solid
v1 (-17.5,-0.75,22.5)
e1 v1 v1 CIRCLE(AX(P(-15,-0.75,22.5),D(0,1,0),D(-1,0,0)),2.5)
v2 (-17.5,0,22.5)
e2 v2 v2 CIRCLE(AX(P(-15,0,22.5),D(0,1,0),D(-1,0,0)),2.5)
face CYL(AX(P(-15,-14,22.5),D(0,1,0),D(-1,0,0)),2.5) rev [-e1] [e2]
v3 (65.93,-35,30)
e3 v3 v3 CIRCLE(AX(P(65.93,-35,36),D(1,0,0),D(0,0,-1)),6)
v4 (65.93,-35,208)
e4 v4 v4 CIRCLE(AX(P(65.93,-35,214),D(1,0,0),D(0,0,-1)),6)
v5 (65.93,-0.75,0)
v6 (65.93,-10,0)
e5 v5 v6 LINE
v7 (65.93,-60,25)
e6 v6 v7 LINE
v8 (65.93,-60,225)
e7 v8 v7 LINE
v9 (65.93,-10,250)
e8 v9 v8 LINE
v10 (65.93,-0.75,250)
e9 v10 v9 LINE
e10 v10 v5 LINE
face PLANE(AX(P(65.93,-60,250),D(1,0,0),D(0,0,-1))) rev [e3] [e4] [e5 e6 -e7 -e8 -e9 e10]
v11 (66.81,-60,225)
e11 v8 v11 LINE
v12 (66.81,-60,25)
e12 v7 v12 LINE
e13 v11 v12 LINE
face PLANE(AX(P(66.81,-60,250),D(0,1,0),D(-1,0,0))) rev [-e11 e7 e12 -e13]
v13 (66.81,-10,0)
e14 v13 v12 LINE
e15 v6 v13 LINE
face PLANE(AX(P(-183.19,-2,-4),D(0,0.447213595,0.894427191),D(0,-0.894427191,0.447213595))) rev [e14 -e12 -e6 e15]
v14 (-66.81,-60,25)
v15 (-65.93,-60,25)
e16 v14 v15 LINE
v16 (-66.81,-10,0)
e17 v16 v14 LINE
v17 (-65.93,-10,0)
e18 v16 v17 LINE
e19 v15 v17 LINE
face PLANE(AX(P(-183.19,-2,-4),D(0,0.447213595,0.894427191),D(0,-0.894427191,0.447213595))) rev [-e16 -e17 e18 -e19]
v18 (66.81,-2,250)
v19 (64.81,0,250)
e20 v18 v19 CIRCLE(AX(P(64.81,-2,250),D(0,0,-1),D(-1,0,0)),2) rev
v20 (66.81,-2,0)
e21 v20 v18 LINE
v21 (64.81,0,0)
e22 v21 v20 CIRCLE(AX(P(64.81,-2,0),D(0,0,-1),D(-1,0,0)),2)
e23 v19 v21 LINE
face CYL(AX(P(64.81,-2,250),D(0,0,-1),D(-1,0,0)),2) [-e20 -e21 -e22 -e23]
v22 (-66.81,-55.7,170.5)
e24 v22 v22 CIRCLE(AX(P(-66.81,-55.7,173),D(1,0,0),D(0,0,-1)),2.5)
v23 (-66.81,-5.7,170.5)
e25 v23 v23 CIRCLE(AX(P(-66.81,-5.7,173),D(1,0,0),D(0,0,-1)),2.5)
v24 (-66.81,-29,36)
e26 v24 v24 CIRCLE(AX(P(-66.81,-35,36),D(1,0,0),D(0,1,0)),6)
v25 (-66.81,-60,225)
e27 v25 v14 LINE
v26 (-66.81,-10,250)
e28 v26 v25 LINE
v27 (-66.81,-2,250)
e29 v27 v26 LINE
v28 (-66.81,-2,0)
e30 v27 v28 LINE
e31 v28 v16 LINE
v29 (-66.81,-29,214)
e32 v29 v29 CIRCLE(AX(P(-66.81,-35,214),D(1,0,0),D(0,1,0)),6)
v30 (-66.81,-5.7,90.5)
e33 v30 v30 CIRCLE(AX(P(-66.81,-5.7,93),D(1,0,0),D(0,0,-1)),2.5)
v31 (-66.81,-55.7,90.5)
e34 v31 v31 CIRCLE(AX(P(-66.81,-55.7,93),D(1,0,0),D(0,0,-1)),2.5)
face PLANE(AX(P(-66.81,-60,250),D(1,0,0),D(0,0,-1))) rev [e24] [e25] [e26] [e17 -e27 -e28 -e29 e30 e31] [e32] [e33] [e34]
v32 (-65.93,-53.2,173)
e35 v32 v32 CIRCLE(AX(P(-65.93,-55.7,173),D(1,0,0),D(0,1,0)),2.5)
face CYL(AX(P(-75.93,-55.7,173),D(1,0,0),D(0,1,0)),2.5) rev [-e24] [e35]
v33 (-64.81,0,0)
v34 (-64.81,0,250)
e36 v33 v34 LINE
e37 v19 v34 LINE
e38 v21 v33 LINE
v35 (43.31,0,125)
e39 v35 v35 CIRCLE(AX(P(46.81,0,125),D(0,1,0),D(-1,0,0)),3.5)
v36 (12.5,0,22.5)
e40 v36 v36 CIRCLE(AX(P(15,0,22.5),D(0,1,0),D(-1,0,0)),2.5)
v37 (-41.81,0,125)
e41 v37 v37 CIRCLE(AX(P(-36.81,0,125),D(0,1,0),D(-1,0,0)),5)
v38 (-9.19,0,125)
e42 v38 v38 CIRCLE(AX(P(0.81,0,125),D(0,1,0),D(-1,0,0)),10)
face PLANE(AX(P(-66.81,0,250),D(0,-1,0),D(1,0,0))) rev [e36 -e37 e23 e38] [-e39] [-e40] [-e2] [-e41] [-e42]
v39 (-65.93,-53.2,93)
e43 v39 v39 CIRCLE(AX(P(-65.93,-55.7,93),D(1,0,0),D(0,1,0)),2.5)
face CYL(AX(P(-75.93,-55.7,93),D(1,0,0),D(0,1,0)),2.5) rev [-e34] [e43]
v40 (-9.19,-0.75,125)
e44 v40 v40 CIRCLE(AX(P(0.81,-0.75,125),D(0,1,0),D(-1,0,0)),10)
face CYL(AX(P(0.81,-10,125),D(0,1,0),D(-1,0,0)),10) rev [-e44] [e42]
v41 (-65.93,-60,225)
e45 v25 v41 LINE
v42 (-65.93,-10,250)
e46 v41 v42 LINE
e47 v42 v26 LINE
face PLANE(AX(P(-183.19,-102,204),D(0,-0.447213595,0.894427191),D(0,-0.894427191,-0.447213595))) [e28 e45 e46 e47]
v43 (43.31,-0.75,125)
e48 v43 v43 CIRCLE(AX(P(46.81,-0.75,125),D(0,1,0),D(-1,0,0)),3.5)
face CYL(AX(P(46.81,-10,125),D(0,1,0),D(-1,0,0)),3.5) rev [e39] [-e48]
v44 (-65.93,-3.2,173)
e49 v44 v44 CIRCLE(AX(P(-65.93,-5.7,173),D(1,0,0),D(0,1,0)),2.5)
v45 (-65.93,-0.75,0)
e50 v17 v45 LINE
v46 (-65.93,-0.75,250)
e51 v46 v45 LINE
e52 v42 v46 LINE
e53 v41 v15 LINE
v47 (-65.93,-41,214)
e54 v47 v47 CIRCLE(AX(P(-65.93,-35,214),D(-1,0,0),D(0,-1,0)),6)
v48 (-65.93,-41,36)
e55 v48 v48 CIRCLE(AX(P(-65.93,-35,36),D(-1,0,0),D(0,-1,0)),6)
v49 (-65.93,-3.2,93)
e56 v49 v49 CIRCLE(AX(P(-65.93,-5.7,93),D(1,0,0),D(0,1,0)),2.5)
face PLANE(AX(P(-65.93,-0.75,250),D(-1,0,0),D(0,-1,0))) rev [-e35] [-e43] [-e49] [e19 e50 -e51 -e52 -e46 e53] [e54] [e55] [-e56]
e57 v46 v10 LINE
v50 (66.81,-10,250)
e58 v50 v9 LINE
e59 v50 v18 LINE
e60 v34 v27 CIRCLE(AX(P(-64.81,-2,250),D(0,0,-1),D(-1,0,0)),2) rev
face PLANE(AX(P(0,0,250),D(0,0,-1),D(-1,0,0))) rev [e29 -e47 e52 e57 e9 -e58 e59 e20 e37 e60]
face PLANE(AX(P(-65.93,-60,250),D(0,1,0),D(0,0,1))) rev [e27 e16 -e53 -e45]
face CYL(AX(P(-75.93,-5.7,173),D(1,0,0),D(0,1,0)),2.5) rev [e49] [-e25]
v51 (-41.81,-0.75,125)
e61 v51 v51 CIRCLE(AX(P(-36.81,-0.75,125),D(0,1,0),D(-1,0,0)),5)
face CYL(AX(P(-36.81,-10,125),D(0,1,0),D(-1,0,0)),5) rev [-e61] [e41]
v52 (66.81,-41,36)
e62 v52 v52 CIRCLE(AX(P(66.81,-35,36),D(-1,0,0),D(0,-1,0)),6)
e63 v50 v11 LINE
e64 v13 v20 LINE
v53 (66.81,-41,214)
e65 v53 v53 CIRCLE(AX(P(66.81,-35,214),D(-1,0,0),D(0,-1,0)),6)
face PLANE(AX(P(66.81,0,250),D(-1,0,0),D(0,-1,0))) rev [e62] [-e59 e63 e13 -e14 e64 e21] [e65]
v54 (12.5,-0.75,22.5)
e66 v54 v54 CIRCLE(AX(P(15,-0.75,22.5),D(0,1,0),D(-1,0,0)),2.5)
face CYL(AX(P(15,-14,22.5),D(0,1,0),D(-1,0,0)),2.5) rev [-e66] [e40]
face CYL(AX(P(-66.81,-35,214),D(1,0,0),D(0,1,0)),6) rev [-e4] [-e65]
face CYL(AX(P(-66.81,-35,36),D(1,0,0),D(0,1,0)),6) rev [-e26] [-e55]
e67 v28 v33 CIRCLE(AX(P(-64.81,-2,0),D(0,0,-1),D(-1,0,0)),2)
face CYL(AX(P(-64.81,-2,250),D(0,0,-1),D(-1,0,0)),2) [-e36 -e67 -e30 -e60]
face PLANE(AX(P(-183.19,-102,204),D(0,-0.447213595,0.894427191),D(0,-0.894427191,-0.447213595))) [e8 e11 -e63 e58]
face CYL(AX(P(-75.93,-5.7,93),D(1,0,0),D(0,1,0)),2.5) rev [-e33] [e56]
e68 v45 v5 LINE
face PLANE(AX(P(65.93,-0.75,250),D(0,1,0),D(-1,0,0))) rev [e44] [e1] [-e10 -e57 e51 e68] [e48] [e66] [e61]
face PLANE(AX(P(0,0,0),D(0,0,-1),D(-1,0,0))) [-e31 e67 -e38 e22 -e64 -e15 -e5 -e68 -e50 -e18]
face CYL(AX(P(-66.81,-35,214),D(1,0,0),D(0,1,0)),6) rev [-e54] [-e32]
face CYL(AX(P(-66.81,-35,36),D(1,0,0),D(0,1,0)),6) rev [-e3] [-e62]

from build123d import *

# Parameters (mm, degrees)
BOSS_EXTRUDE1_DEPTH     = 250
CUT_EXTRUDE1_DEPTH      = 250
CUT_EXTRUDE2_DEPTH      = 290.7486918
CUT_EXTRUDE2_DEPTH_BACK = 290.7486918
SKETCH3_R               = 6
FILLET1_R               = 2
SKETCH5_R               = 10
CUT_EXTRUDE3_DEPTH      = 10
SKETCH6_R               = 2.5
CUT_EXTRUDE4_DEPTH      = 10
SKETCH7_R               = 3.5
SKETCH7_R_2             = 5
CUT_EXTRUDE5_DEPTH      = 10
SKETCH9_R               = 2.5
CUT_EXTRUDE8_DEPTH      = 14


with BuildPart() as part:
    # Sketch1 → Boss-Extrude1 (new body)
    with BuildSketch(Plane.XY):
        Polygon((-66.81, -60), (-66.81, 0), (66.81, 0), (66.81, -60), (65.93, -60), (65.93, -0.75), (-65.93, -0.75), (-65.93, -60), align=None)
    extrude(amount=BOSS_EXTRUDE1_DEPTH)

    # Sketch2 → Cut-Extrude1 (cut)
    with BuildSketch(Plane(origin=(66.81, 0, 0), x_dir=(0, 0, -1), z_dir=(1, 0, 0))):
        Polygon((-225, -60), (-250, -10), (-250, -60), align=None)
        Polygon((0, -10), (-25, -60), (0, -60), align=None)
    extrude(amount=-CUT_EXTRUDE1_DEPTH, mode=Mode.SUBTRACT)

    # Sketch3 → Cut-Extrude2 (cut, two sides: drawn at the far end of the back side and taken through both)
    with BuildSketch(Plane(origin=(66.81, 0, 0), x_dir=(0, 0, -1), z_dir=(1, 0, 0)).offset(-CUT_EXTRUDE2_DEPTH_BACK)):
        with Locations(Location((-214, -35, 0), (0, 0, 90))):
            Circle(SKETCH3_R)
        with Locations(Location((-36, -35, 0), (0, 0, 90))):
            Circle(SKETCH3_R)
    extrude(amount=CUT_EXTRUDE2_DEPTH + CUT_EXTRUDE2_DEPTH_BACK, mode=Mode.SUBTRACT)

    # Fillet1
    fillet1_edges = [part.edges().sort_by_distance(p)[0] for p in [
        (-66.81, 0, 125),
        (66.81, 0, 125),
    ]]
    fillet(fillet1_edges, radius=FILLET1_R)

    # Sketch5 → Cut-Extrude3 (cut)
    with BuildSketch(Plane(origin=(0, 0, 0), x_dir=(1, 0, 0), z_dir=(0, 1, 0))):
        with Locations(Location((0.81, -125, 0), (0, 0, 180))):
            Circle(SKETCH5_R)
    extrude(amount=-CUT_EXTRUDE3_DEPTH, mode=Mode.SUBTRACT)

    # Sketch6 → Cut-Extrude4 (cut)
    with BuildSketch(Plane(origin=(-65.93, 0, 0), x_dir=(0, 0, -1), z_dir=(1, 0, 0))):
        with Locations(Location((-173, -55.7, 0), (0, 0, 90))):
            Circle(SKETCH6_R)
        with Locations(Location((-93, -55.7, 0), (0, 0, 90))):
            Circle(SKETCH6_R)
        with Locations(Location((-93, -5.7, 0), (0, 0, 90))):
            Circle(SKETCH6_R)
        with Locations(Location((-173, -5.7, 0), (0, 0, 90))):
            Circle(SKETCH6_R)
    extrude(amount=-CUT_EXTRUDE4_DEPTH, mode=Mode.SUBTRACT)

    # Sketch7 → Cut-Extrude5 (cut)
    with BuildSketch(Plane(origin=(0, 0, 0), x_dir=(1, 0, 0), z_dir=(0, 1, 0))):
        with Locations(Location((46.81, -125, 0), (0, 0, 180))):
            Circle(SKETCH7_R)
        with Locations(Location((-36.81, -125, 0), (0, 0, 180))):
            Circle(SKETCH7_R_2)
    extrude(amount=-CUT_EXTRUDE5_DEPTH, mode=Mode.SUBTRACT)

    # Sketch9 → Cut-Extrude8 (cut)
    with BuildSketch(Plane(origin=(0, 0, 0), x_dir=(1, 0, 0), z_dir=(0, 1, 0))):
        with Locations(Location((-15, -22.5, 0), (0, 0, 180))):
            Circle(SKETCH9_R)
        with Locations(Location((15, -22.5, 0), (0, 0, 180))):
            Circle(SKETCH9_R)
    extrude(amount=-CUT_EXTRUDE8_DEPTH, mode=Mode.SUBTRACT)


solid = part.part
